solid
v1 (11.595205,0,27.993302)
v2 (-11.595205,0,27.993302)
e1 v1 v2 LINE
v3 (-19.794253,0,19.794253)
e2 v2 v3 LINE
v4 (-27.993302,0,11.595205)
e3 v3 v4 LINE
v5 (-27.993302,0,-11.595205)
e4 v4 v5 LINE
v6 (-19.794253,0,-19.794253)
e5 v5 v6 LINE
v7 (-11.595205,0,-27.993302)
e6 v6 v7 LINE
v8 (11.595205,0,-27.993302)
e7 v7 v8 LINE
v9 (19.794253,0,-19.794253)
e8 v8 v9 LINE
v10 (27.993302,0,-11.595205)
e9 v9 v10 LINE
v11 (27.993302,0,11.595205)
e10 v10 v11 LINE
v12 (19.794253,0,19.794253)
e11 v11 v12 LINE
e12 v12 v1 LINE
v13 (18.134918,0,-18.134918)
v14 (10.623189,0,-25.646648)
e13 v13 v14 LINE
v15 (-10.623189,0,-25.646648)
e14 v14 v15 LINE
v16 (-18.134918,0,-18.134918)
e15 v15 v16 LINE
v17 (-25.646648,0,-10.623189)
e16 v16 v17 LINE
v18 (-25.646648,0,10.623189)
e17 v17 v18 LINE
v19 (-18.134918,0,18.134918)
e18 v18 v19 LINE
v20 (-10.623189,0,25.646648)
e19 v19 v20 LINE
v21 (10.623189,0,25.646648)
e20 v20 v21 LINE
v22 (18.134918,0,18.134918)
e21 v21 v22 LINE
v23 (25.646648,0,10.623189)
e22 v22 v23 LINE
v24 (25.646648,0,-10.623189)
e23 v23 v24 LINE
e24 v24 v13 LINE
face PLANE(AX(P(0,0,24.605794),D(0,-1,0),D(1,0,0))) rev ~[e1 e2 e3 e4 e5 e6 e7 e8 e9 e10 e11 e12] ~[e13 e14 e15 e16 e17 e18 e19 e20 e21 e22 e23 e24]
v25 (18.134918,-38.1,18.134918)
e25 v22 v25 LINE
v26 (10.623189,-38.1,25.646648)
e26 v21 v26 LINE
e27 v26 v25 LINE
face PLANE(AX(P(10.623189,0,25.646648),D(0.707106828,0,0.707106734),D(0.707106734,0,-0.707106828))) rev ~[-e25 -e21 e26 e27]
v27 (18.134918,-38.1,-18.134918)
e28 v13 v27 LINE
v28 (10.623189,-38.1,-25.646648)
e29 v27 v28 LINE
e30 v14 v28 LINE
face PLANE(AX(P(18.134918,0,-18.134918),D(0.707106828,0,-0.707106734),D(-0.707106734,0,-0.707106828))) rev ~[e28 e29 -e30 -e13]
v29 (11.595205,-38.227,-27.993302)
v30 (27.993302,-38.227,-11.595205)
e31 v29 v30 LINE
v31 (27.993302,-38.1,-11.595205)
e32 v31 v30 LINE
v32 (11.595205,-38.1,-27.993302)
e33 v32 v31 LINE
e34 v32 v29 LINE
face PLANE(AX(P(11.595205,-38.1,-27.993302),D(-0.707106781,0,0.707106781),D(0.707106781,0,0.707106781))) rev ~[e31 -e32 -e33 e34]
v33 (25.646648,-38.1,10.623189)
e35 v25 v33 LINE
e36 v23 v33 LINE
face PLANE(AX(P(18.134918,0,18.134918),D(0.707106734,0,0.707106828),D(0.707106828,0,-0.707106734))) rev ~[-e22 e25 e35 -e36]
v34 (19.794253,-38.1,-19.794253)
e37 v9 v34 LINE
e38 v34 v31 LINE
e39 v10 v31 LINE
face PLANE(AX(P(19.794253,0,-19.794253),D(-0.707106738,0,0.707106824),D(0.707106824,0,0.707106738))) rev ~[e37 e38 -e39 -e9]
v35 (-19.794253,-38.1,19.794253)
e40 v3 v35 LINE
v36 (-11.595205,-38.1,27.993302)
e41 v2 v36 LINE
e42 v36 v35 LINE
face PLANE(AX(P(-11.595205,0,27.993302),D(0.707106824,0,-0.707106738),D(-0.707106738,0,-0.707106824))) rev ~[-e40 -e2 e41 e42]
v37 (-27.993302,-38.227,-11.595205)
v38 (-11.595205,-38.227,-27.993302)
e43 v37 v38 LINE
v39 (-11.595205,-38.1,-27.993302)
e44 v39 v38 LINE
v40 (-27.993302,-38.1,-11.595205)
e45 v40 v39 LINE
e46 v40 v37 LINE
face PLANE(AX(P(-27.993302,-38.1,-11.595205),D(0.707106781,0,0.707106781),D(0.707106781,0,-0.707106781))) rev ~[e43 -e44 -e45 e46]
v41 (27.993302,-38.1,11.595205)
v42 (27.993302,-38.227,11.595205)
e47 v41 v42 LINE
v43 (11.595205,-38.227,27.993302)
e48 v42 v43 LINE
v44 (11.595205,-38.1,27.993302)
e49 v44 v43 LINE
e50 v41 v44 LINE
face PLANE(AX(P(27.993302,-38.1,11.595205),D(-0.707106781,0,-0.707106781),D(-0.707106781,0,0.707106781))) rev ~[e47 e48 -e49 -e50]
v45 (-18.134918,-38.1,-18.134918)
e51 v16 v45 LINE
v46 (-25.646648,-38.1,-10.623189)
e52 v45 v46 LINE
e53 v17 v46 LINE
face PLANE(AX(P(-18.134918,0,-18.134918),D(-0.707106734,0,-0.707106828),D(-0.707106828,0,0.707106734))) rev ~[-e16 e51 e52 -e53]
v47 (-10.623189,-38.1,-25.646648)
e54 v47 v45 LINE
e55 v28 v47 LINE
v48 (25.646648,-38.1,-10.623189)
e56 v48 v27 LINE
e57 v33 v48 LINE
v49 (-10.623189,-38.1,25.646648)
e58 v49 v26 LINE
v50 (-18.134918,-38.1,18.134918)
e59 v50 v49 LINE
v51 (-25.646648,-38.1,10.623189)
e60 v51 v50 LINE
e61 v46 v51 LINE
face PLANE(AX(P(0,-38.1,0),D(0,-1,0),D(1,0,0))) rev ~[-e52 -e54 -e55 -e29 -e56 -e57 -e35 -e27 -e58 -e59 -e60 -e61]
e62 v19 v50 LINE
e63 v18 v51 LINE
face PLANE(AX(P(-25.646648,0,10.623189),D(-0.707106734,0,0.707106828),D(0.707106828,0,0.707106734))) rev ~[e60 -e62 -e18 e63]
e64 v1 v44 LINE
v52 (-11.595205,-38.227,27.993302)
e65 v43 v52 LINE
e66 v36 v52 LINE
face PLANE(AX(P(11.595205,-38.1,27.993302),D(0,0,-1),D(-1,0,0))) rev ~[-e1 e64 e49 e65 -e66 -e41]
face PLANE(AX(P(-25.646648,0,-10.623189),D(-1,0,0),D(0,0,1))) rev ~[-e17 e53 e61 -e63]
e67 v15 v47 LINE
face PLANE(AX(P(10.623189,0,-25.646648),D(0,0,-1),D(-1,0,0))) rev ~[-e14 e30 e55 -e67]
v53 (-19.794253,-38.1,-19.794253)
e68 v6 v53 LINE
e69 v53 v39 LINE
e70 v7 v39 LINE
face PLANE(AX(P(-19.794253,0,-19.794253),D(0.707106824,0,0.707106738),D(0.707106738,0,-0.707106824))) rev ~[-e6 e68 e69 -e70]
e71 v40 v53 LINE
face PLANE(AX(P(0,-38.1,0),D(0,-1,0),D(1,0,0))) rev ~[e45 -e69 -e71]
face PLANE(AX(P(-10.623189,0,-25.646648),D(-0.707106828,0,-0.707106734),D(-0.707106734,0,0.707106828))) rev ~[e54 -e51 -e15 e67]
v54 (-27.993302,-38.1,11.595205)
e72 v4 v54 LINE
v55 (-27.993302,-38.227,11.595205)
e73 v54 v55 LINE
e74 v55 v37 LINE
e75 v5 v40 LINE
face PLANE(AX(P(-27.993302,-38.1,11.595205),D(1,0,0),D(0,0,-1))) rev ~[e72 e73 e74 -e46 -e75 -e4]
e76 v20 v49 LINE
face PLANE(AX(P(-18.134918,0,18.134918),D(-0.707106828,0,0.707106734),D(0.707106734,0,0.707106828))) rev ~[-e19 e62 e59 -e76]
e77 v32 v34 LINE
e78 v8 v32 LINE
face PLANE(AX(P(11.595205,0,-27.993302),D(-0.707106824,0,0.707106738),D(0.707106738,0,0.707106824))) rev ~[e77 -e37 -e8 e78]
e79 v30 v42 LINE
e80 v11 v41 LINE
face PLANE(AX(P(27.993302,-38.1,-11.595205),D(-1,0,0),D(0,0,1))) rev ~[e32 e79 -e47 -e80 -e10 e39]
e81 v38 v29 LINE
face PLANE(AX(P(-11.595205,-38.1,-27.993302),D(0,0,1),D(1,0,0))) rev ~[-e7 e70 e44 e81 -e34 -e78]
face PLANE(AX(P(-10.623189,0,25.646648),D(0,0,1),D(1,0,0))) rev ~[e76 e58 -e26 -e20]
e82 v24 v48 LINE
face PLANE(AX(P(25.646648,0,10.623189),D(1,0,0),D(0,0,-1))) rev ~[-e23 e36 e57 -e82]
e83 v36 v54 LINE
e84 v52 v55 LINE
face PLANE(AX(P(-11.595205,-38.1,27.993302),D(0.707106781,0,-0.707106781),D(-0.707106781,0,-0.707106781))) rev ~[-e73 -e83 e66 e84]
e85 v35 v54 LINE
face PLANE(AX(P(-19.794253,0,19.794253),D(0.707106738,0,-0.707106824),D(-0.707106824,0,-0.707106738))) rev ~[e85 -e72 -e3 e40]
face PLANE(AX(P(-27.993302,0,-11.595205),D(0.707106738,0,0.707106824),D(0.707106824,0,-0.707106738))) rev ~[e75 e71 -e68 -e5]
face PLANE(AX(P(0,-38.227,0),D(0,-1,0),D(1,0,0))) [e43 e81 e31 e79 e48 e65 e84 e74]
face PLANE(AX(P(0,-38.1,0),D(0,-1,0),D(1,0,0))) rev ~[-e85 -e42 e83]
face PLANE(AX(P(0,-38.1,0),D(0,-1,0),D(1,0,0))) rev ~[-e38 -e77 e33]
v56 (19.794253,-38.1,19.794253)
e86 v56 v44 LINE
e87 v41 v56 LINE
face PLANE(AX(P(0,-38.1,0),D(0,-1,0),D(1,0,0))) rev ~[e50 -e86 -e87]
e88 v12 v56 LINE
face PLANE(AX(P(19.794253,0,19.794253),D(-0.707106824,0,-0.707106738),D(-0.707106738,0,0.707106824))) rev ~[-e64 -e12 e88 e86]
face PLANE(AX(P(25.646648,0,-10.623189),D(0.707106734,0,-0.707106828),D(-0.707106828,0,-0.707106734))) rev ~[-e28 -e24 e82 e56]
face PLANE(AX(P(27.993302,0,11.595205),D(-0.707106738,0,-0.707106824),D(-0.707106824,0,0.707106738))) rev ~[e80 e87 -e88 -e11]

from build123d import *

# Parameters (mm, degrees)
F1_DEPTH = 38.1
F3_DEPTH = 0.127


with BuildPart() as f1:
    # F0 (on Front) → F1 (new body)
    with BuildSketch(Plane.XZ):
        Polygon((-19.794253, 19.794253), (-18.134918, 18.134918), (-10.623189, 25.646648), (10.623189, 25.646648), (18.134918, 18.134918), (19.794253, 19.794253), (11.595205, 27.993302), (-11.595205, 27.993302), align=None)
        Polygon((-25.646648, 10.623189), (-18.134918, 18.134918), (-19.794253, 19.794253), (-27.993302, 11.595205), (-27.993302, -11.595205), (-19.794253, -19.794253), (-18.134918, -18.134918), (-25.646648, -10.623189), align=None)
        Polygon((19.794253, 19.794253), (18.134918, 18.134918), (25.646648, 10.623189), (25.646648, -10.623189), (18.134918, -18.134918), (19.794253, -19.794253), (27.993302, -11.595205), (27.993302, 11.595205), align=None)
        Polygon((-10.623189, -25.646648), (-18.134918, -18.134918), (-19.794253, -19.794253), (-11.595205, -27.993302), (11.595205, -27.993302), (19.794253, -19.794253), (18.134918, -18.134918), (10.623189, -25.646648), align=None)
    extrude(amount=F1_DEPTH)

    # F2 (on face) → F3 (join)
    with BuildSketch(Plane.XZ.offset(38.1)):
        Polygon((-11.595205, 27.993302), (-27.993302, 11.595205), (-27.993302, -11.595205), (-11.595205, -27.993302), (11.595205, -27.993302), (27.993302, -11.595205), (27.993302, 11.595205), (11.595205, 27.993302), align=None)
    extrude(amount=F3_DEPTH)


solid = f1.part
